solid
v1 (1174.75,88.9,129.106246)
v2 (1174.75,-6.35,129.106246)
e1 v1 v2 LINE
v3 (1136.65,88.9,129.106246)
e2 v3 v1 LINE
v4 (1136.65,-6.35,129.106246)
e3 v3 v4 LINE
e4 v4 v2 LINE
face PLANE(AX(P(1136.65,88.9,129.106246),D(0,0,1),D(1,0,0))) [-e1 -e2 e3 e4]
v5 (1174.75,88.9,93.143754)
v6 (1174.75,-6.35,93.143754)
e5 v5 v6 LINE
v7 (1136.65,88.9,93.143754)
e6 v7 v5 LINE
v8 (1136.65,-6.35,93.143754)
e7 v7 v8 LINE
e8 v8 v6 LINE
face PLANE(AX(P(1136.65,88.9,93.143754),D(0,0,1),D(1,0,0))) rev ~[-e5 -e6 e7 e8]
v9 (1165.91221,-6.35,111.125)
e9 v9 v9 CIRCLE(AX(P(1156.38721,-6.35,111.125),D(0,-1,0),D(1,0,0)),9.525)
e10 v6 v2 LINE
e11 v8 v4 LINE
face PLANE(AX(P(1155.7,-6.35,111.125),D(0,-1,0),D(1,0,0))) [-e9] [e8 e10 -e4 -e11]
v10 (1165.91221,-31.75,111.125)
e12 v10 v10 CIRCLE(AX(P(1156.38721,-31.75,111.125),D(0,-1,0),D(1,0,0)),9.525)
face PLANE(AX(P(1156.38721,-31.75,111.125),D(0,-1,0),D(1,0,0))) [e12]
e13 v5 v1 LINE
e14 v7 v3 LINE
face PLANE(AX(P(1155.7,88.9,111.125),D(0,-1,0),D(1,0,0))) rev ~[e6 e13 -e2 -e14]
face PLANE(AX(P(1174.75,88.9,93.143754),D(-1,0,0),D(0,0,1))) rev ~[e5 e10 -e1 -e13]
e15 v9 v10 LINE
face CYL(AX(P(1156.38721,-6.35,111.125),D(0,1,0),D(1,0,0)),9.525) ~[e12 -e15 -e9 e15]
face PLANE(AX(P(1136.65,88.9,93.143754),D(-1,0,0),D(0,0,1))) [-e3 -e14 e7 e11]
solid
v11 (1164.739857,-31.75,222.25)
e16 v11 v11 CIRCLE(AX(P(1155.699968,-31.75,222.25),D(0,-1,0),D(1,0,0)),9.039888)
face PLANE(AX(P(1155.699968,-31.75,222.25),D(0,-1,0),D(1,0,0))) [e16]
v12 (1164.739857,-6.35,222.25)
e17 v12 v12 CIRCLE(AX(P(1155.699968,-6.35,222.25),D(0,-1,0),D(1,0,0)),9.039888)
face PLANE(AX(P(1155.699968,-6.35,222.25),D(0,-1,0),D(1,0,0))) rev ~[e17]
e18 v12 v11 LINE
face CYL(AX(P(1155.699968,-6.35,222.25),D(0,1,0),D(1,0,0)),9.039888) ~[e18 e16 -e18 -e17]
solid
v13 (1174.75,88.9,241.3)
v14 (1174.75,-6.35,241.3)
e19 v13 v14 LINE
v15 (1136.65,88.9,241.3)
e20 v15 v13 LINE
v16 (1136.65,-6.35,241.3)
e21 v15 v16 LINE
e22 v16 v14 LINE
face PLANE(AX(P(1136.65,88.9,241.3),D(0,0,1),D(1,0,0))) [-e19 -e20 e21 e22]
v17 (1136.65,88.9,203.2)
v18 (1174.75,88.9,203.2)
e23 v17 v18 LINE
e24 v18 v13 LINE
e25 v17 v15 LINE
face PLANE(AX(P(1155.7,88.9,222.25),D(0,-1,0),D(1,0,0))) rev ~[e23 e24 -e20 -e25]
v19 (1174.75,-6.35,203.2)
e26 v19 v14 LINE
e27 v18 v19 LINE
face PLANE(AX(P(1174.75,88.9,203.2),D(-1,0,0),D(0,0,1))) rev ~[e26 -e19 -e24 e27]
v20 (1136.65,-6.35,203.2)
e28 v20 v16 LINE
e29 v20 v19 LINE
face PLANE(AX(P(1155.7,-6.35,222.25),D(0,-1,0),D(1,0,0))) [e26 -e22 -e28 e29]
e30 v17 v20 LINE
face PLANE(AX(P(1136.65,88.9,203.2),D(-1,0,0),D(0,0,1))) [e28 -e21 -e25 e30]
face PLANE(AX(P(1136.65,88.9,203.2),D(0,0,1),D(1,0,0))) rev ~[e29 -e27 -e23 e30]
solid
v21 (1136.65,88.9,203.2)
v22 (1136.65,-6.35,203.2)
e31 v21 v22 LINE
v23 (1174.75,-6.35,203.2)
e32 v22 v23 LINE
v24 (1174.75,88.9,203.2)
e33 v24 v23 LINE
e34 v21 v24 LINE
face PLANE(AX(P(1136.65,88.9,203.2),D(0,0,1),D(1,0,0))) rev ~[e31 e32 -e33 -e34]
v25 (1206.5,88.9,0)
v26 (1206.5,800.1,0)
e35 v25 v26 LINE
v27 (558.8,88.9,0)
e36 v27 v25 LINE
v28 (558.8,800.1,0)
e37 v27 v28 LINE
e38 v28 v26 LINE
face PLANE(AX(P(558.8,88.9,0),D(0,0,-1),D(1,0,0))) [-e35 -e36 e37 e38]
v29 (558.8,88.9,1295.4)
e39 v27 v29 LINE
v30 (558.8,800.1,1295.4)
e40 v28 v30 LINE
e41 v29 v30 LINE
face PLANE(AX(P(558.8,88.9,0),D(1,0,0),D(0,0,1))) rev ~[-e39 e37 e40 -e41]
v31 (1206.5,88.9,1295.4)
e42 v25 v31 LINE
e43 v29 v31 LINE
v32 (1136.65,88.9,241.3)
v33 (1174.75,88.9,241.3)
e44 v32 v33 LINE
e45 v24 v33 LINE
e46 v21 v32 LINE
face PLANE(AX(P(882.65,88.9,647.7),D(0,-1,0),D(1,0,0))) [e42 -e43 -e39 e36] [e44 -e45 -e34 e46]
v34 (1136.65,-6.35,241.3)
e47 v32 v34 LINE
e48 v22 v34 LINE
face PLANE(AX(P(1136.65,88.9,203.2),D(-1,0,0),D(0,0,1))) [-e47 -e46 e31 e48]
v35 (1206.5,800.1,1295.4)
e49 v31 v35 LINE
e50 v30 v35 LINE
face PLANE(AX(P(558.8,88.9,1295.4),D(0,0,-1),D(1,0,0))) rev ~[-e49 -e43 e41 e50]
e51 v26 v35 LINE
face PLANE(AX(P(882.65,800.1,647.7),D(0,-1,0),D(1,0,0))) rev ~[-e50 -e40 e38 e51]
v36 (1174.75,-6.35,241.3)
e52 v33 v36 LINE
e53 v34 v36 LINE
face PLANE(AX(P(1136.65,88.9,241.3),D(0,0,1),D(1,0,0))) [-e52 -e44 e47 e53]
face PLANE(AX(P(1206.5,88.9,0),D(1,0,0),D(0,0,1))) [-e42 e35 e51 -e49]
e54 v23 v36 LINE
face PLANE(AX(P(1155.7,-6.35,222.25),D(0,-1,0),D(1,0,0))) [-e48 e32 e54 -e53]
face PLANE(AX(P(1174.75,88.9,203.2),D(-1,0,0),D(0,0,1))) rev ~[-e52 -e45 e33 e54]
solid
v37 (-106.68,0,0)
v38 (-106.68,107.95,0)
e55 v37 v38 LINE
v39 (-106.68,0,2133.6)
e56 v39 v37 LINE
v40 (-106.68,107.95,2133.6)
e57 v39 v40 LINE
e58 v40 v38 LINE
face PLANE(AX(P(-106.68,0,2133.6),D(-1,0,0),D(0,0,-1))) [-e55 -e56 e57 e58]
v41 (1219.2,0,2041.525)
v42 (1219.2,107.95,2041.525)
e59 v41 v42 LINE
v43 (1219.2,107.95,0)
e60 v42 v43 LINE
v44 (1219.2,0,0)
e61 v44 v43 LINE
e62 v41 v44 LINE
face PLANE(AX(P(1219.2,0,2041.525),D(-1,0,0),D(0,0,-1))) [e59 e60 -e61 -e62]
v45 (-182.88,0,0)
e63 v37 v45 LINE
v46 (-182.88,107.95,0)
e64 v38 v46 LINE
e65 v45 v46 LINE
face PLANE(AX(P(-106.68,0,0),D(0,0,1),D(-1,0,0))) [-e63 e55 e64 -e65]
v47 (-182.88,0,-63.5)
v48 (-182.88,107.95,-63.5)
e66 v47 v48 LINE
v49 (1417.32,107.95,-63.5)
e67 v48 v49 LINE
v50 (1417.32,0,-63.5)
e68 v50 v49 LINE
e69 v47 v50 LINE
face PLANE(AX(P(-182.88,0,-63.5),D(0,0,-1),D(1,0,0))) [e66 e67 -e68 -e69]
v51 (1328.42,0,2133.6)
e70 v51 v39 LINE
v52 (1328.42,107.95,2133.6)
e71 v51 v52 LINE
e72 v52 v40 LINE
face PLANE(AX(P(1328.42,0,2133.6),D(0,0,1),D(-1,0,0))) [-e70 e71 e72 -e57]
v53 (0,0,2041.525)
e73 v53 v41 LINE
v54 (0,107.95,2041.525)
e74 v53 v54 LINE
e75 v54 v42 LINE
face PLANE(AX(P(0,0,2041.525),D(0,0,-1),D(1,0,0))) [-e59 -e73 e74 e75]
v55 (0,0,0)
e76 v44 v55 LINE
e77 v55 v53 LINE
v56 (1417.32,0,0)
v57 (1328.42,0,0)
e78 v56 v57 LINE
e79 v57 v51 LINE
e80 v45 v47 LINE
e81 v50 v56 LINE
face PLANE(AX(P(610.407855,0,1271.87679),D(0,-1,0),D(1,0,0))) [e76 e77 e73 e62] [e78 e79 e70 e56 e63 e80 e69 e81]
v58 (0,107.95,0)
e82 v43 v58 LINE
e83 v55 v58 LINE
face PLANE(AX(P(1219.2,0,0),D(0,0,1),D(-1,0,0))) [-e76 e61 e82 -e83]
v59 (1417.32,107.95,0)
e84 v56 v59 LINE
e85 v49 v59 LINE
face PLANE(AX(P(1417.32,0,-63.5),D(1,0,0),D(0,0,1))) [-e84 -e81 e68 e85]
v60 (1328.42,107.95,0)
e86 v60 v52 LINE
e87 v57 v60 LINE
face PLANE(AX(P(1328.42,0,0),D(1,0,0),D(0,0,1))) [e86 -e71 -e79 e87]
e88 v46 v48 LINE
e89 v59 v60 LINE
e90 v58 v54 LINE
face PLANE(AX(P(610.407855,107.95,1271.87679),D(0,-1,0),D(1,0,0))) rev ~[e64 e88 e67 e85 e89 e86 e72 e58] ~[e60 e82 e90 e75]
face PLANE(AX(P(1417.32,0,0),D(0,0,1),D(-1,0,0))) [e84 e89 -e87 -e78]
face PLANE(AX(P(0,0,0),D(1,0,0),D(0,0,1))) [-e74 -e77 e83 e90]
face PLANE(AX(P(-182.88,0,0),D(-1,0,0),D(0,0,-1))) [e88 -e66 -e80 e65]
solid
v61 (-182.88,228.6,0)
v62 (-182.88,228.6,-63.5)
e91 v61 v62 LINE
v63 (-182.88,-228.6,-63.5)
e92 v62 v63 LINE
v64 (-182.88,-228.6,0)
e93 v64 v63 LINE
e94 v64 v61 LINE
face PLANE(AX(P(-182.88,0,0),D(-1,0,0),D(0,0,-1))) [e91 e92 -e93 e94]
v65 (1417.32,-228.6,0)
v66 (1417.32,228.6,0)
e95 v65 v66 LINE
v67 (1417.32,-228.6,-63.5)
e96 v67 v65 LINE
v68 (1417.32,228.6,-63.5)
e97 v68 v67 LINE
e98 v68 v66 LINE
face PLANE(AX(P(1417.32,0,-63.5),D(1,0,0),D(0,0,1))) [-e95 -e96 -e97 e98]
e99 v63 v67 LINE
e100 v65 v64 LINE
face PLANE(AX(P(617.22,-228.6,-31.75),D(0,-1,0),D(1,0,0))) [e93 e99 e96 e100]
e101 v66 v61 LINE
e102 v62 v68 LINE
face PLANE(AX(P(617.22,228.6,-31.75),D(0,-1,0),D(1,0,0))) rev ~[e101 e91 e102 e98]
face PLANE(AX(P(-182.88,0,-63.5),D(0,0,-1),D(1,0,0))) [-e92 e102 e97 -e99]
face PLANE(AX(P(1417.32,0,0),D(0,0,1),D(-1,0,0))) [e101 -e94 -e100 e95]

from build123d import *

# Parameters (mm, degrees)
F1_DEPTH  = 228.6
F2_DEPTH  = 107.95
F4_W      = 647.7
F4_H      = 1295.4
F5_DEPTH  = 711.2
F6_W      = 38.1
F6_H      = 38.1
F7_DEPTH  = 95.25
F8_DEPTH  = 95.25
F6_H_2    = 35.9624922276
F9_R      = 9.525
F10_DEPTH = 25.4
F11_R     = 9.0398884045
F12_DEPTH = 25.4


with BuildPart() as f1:
    # F0 (on Front) → F1 (new body, symmetric)
    with BuildSketch(Plane.XZ):
        Polygon((558.8, 0), (0, 0), (-106.68, 0), (-182.88, 0), (-182.88, -63.5), (1417.32, -63.5), (1417.32, 0), (1328.42, 0), (1219.2, 0), (1206.5, 0), align=None)
    extrude(amount=F1_DEPTH, both=True)


with BuildPart() as f2:
    # F0 (on Front) → F2 (new body)
    with BuildSketch(Plane.XZ):
        Polygon((-106.68, 0), (0, 0), (0, 2041.525), (1219.2, 2041.525), (1219.2, 0), (1328.42, 0), (1328.42, 2133.6), (-106.68, 2133.6), align=None)
        Polygon((558.8, 0), (0, 0), (-106.68, 0), (-182.88, 0), (-182.88, -63.5), (1417.32, -63.5), (1417.32, 0), (1328.42, 0), (1219.2, 0), (1206.5, 0), align=None)
    extrude(amount=-F2_DEPTH)


with BuildPart() as f5:
    # F4 (on offset) → F5 (new body)
    with BuildSketch(Plane.XZ.offset(-88.9)):
        with Locations((882.65, 647.7)):
            Rectangle(F4_W, F4_H)
    extrude(amount=-F5_DEPTH)

    # F6 (on face) → F7 (join)
    with BuildSketch(Plane.XZ.offset(-88.9)):
        with Locations((1155.7, 222.25)):
            Rectangle(F6_W, F6_H)
    extrude(amount=F7_DEPTH)


with BuildPart() as f8:
    # F6 (on face) → F8 (new body)
    with BuildSketch(Plane.XZ.offset(-88.9)):
        with Locations((1155.7, 222.25)):
            Rectangle(F6_W, F6_H)
    extrude(amount=F8_DEPTH)


with BuildPart() as f8b:
    # F6 (on face) → F8, piece 2 (new body)
    with BuildSketch(Plane.XZ.offset(-88.9)):
        with Locations((1155.7, 111.125)):
            Rectangle(F6_W, F6_H_2)
    extrude(amount=F8_DEPTH)

    # F9 (on face) → F10 (join)
    with BuildSketch(Plane.XZ.offset(6.35)):
        with Locations((1156.3872098923, 111.125)):
            Circle(F9_R)
    extrude(amount=F10_DEPTH)


with BuildPart() as f12:
    # F11 (on face) → F12 (new body)
    with BuildSketch(Plane.XZ.offset(6.35)):
        with Locations((1155.699968338, 222.25)):
            Circle(F11_R)
    extrude(amount=F12_DEPTH)


solid = Compound([f1.part, f2.part, f5.part, f8.part, f8b.part, f12.part])
